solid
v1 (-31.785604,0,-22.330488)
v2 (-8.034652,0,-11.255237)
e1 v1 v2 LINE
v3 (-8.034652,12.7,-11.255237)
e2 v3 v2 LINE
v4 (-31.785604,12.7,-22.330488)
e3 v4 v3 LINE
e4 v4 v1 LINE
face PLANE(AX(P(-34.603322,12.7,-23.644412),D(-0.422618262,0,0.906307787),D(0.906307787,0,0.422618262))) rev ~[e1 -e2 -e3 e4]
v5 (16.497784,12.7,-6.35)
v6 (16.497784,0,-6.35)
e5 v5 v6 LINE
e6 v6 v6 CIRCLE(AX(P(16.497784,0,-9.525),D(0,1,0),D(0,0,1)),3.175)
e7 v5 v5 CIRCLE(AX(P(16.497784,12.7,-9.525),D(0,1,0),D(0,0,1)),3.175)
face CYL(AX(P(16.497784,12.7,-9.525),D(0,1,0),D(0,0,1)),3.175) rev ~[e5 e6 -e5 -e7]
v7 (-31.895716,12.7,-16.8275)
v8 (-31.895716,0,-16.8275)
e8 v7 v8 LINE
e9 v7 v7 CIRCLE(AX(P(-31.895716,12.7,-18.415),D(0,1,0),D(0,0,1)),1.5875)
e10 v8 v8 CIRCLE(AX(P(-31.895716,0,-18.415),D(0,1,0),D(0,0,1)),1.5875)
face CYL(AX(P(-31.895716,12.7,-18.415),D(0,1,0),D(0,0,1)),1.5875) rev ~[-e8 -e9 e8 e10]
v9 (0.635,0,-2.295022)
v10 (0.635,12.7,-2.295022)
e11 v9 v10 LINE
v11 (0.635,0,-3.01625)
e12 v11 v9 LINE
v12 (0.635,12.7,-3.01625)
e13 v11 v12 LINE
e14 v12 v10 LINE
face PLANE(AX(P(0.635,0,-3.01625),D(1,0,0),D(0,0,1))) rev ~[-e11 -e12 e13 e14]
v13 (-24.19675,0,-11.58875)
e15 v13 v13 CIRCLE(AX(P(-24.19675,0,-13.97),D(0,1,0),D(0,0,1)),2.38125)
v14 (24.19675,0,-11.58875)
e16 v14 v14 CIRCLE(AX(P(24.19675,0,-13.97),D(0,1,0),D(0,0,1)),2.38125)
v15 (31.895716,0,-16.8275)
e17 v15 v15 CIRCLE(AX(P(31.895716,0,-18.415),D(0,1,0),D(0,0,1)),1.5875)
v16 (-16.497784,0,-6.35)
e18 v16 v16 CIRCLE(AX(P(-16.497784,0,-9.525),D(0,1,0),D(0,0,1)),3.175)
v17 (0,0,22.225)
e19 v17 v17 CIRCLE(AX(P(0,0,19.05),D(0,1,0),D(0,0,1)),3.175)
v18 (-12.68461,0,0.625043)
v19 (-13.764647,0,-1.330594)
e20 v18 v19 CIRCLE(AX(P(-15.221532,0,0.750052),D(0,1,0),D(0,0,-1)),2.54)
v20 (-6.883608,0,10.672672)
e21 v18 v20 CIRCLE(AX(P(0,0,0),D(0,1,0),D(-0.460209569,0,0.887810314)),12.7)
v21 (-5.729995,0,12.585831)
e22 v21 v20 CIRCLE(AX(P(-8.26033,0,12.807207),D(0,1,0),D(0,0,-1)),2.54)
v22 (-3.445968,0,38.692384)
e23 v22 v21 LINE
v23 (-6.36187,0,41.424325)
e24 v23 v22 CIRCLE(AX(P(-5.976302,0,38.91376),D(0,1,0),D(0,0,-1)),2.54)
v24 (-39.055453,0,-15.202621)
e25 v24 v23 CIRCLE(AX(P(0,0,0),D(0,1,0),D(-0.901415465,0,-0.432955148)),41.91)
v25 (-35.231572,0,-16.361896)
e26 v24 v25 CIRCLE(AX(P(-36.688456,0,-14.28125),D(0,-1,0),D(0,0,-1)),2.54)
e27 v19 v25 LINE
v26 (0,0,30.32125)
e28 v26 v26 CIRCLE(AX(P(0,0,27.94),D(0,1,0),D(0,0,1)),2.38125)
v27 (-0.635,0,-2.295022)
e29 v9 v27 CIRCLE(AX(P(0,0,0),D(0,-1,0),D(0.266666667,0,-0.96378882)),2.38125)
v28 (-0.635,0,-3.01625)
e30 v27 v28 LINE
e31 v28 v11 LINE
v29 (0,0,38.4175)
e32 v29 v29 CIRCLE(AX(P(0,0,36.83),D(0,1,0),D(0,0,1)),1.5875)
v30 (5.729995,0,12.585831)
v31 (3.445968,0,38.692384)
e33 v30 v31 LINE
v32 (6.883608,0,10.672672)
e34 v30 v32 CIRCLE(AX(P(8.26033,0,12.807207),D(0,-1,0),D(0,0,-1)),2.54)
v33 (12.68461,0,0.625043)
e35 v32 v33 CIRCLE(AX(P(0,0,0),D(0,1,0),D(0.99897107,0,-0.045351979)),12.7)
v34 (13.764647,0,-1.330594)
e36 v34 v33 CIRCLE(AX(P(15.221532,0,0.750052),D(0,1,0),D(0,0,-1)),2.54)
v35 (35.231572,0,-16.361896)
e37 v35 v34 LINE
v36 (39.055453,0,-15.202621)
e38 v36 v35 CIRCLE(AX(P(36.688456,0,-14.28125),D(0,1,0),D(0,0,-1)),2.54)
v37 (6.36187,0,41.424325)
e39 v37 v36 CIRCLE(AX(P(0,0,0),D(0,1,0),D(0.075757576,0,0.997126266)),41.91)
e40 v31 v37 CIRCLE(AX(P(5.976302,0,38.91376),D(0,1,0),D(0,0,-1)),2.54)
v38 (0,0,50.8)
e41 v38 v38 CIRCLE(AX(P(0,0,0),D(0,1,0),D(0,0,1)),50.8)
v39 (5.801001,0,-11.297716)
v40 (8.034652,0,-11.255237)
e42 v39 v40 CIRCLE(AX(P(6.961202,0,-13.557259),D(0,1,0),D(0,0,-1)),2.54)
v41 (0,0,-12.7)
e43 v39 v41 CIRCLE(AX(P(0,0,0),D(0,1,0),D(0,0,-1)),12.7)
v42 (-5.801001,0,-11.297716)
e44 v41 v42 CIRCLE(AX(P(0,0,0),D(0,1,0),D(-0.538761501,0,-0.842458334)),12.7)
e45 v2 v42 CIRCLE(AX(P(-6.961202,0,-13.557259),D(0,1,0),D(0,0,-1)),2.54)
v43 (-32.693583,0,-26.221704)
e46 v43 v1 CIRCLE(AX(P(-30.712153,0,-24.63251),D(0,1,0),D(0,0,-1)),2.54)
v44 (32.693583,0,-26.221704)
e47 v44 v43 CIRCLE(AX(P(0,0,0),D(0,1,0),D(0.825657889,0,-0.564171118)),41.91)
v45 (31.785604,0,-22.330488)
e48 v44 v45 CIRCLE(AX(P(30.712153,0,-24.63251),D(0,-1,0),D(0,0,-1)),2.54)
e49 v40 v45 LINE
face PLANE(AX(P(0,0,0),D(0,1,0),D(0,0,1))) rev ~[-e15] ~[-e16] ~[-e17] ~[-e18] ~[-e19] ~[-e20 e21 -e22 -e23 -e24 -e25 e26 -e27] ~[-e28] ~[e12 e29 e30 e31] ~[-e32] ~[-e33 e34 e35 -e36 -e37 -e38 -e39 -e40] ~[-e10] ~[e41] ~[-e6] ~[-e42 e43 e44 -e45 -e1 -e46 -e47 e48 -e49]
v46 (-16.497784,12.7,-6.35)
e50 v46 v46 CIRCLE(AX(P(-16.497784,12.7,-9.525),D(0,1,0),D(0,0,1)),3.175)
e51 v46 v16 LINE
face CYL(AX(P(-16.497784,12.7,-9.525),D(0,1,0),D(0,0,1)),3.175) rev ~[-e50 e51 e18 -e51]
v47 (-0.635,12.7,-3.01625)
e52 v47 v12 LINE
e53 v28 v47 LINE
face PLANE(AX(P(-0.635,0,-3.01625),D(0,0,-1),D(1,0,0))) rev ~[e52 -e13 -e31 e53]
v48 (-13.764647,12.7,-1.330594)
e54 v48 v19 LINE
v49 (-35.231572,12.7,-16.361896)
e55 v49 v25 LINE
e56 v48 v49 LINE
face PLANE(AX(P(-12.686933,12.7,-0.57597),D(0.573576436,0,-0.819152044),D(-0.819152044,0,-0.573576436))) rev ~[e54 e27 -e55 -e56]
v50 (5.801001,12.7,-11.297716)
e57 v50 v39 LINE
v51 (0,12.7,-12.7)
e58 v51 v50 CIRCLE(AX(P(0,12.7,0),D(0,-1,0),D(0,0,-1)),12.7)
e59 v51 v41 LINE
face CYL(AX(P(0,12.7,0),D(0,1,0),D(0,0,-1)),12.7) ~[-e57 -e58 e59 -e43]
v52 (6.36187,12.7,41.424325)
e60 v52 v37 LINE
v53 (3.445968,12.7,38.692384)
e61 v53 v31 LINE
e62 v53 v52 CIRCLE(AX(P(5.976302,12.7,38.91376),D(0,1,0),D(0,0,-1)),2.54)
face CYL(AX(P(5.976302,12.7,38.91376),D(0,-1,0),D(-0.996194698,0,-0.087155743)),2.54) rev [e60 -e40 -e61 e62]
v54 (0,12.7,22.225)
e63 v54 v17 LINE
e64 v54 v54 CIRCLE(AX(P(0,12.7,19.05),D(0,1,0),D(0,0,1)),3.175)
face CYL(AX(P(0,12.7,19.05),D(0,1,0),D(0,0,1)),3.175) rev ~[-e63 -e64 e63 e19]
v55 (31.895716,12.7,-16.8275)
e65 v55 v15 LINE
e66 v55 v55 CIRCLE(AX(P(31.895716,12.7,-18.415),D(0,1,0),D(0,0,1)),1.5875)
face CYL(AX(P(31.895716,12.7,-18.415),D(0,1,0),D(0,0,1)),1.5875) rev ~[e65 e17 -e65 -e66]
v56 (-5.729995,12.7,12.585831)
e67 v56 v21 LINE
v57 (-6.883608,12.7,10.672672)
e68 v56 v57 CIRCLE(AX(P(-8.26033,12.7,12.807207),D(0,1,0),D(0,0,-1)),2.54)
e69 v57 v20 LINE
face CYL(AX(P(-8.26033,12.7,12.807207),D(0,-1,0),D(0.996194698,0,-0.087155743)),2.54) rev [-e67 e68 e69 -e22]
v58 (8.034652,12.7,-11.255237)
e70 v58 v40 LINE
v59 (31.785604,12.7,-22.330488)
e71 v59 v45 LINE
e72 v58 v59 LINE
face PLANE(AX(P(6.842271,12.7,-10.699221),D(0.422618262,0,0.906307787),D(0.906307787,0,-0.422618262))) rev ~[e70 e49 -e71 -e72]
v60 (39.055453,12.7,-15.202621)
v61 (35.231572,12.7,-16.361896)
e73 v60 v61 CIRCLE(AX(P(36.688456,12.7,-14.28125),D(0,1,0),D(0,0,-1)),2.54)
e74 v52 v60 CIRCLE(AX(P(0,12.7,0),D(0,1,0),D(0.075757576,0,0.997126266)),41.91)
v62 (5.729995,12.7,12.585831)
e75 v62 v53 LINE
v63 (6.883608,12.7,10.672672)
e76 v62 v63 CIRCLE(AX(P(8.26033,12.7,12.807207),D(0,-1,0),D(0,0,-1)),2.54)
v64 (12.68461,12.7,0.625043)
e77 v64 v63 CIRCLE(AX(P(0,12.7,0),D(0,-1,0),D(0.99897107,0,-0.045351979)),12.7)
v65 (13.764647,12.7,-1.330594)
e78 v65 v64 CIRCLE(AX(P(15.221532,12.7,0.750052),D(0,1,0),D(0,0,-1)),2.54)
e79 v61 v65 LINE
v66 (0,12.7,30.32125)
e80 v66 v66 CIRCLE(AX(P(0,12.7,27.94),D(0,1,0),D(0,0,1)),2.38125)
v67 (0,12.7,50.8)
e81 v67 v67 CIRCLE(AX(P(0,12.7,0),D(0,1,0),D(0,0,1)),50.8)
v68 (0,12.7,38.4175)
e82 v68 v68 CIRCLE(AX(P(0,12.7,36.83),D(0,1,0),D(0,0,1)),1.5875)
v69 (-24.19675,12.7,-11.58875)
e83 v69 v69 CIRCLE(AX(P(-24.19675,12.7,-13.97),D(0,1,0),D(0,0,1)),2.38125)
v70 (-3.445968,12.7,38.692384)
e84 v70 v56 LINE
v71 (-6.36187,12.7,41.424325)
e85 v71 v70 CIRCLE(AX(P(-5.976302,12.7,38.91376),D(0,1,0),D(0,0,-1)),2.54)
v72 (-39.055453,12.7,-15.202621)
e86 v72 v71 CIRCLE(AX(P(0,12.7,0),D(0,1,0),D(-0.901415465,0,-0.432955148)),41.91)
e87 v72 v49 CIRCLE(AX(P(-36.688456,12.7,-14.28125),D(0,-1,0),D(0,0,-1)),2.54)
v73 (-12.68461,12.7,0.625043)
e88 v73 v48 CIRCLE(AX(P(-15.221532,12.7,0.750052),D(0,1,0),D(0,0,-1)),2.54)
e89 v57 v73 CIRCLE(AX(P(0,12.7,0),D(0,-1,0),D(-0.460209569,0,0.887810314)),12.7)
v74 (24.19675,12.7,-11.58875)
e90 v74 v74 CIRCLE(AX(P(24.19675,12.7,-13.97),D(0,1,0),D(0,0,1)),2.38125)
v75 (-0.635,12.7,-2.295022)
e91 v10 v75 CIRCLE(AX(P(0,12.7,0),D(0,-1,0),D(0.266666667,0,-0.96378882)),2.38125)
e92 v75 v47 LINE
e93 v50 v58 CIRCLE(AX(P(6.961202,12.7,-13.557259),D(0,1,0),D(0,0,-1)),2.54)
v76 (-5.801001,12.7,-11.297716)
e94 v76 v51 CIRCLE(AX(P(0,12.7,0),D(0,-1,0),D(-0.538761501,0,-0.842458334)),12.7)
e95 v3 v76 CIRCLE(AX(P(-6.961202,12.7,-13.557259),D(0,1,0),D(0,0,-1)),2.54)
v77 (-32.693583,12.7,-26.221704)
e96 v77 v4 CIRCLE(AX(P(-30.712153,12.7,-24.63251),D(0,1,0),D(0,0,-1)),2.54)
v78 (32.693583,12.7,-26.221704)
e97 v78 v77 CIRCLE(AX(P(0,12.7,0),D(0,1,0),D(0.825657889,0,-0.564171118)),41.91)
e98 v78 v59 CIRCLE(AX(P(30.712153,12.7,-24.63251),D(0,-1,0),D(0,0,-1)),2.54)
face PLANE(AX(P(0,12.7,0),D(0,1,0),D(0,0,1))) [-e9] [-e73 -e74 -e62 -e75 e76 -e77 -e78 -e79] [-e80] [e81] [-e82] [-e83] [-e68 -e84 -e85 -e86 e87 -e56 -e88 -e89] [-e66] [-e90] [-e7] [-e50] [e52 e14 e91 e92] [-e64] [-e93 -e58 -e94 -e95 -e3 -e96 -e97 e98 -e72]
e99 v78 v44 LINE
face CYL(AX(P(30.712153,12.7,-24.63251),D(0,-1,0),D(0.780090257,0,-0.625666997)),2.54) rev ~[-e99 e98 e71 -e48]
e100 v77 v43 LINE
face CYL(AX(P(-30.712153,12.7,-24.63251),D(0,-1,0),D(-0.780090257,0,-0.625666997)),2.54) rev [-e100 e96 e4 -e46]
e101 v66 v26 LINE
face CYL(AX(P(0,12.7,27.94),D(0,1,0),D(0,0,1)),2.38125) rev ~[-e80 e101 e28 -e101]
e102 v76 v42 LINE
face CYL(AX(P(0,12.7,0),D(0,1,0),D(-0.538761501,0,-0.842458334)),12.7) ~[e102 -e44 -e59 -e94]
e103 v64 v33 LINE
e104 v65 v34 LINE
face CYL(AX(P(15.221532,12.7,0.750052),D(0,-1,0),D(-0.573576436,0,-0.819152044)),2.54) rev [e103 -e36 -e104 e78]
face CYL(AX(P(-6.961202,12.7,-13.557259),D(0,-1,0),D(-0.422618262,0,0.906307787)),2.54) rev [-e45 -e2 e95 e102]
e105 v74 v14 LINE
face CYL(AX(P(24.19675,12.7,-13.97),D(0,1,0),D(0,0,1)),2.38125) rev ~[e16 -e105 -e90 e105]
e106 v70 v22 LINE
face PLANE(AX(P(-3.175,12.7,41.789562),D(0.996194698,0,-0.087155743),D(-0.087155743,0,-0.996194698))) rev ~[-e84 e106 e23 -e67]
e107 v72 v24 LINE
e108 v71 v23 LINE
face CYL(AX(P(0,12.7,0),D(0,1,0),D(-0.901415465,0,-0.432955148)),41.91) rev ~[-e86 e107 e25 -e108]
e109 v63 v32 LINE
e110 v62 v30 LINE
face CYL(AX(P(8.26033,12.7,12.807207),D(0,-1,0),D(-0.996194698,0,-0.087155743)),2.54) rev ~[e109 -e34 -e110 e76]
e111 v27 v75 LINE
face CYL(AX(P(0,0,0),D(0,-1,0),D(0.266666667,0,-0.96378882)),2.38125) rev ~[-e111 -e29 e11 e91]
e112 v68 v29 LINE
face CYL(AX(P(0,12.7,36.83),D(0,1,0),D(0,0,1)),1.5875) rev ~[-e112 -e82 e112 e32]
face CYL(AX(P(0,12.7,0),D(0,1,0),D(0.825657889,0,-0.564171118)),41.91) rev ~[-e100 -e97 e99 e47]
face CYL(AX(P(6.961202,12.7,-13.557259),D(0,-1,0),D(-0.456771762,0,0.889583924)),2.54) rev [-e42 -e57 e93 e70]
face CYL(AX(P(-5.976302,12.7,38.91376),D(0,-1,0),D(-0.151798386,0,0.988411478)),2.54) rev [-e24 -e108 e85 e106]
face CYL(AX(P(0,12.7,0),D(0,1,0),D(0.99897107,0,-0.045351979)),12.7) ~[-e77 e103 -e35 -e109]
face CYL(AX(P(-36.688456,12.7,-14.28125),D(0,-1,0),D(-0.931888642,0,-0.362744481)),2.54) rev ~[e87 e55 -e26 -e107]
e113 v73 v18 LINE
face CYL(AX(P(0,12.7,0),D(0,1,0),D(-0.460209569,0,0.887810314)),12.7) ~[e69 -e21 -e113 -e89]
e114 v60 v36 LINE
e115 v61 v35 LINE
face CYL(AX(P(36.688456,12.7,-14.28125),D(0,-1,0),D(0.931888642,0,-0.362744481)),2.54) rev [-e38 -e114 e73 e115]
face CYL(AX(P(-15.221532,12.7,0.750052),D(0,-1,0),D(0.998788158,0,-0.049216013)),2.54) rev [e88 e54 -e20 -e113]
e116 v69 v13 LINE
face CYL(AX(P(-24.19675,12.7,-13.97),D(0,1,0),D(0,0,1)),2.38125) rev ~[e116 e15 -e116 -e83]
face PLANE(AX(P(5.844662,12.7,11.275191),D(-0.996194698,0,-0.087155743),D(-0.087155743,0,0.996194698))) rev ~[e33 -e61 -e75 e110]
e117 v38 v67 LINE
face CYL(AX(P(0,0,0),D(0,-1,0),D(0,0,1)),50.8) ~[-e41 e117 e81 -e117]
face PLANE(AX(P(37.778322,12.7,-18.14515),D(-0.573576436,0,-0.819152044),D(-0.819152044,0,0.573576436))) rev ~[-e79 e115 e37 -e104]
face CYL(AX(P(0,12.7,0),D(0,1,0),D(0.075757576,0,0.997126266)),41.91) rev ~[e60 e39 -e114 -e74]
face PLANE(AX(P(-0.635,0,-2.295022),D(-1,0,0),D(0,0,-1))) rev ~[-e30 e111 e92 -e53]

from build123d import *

# Parameters (mm, degrees)
SKETCH1_R           = 50.8
BOSS_EXTRUDE1_DEPTH = 12.7
SKETCH2_R           = 3.175
SKETCH2_R_2         = 2.38125
SKETCH2_R_3         = 1.5875
CUT_EXTRUDE1_DEPTH  = 73.955945611
FILLET1_R           = 2.54


with BuildPart() as part:
    # Sketch1 → Boss-Extrude1 (new body)
    with BuildSketch(Plane(origin=(0, 0, 0), x_dir=(1, 0, 0), z_dir=(0, 1, 0))):
        with Locations(Location((0, 0, 0), (0, 0, 270))):
            Circle(SKETCH1_R)
        with BuildLine():
            Line((-0.635, 2.295022127), (-0.635, 3.01625))
            Line((-0.635, 3.01625), (0.635, 3.01625))
            Line((0.635, 3.01625), (0.635, 2.295022127))
            ThreePointArc((0.635, 2.295022127), (0, -2.38125), (-0.635, 2.295022127))
        make_face(mode=Mode.SUBTRACT)
    extrude(amount=BOSS_EXTRUDE1_DEPTH)

    # Sketch2 → Cut-Extrude1 (cut, through all)
    with BuildSketch(Plane(origin=(0, 12.7, 0), x_dir=(1, 0, 0), z_dir=(0, 1, 0))):
        with BuildLine():
            Line((5.844661521, -11.275190983), (3.175, -41.789561795))
            ThreePointArc((3.175, -41.789561795), (36.295124673, -20.955), (37.778322127, 18.14515024))
            Line((37.778322127, 18.14515024), (12.686932584, 0.575970138))
            ThreePointArc((12.686932584, 0.575970138), (10.998522628, -6.35), (5.844661521, -11.275190983))
        make_face()
        with BuildLine():
            ThreePointArc((-37.778322127, 18.14515024), (-36.295124673, -20.955), (-3.175, -41.789561795))
            Line((-3.175, -41.789561795), (-5.844661521, -11.275190983))
            ThreePointArc((-5.844661521, -11.275190983), (-10.998522628, -6.35), (-12.686932584, 0.575970138))
            Line((-12.686932584, 0.575970138), (-37.778322127, 18.14515024))
        make_face()
        with BuildLine():
            ThreePointArc((34.603322127, 23.644411554), (0, 41.91), (-34.603322127, 23.644411554))
            Line((-34.603322127, 23.644411554), (-6.842271064, 10.699220845))
            ThreePointArc((-6.842271064, 10.699220845), (-3.564400038, 12.189546848), (0, 12.7))
            ThreePointArc((0, 12.7), (3.564400038, 12.189546848), (6.842271064, 10.699220845))
            Line((6.842271064, 10.699220845), (34.603322127, 23.644411554))
        make_face()
        with Locations(Location((0, -19.05, 0), (0, 0, 270))):
            Circle(SKETCH2_R)
        with Locations(Location((0, -27.94, 0), (0, 0, 270))):
            Circle(SKETCH2_R_2)
        with Locations(Location((0, -36.83, 0), (0, 0, 270))):
            Circle(SKETCH2_R_3)
        with Locations(Location((-16.497783942, 9.525, 0), (0, 0, 270))):
            Circle(SKETCH2_R)
        with Locations(Location((-24.196749782, 13.97, 0), (0, 0, 270))):
            Circle(SKETCH2_R_2)
        with Locations(Location((-31.895715621, 18.415, 0), (0, 0, 270))):
            Circle(SKETCH2_R_3)
        with Locations(Location((16.497783942, 9.525, 0), (0, 0, 270))):
            Circle(SKETCH2_R)
        with Locations(Location((24.196749782, 13.97, 0), (0, 0, 270))):
            Circle(SKETCH2_R_2)
        with Locations(Location((31.895715621, 18.415, 0), (0, 0, 270))):
            Circle(SKETCH2_R_3)
    extrude(amount=-CUT_EXTRUDE1_DEPTH, mode=Mode.SUBTRACT)

    # Fillet1
    fillet1_edges = [part.edges().sort_by_distance(p)[0] for p in [
        (-37.778322127, 6.35, -18.14515024),
        (-12.686932584, 6.35, -0.575970138),
        (-5.844661521, 6.35, 11.275190983),
        (-3.175, 6.35, 41.789561795),
        (3.175, 6.35, 41.789561795),
        (5.844661521, 6.35, 11.275190983),
        (12.686932584, 6.35, -0.575970138),
        (37.778322127, 6.35, -18.14515024),
        (-34.603322127, 6.35, -23.644411554),
        (34.603322127, 6.35, -23.644411554),
        (6.842271064, 6.35, -10.699220845),
        (-6.842271064, 6.35, -10.699220845),
    ]]
    fillet(fillet1_edges, radius=FILLET1_R)


solid = part.part
